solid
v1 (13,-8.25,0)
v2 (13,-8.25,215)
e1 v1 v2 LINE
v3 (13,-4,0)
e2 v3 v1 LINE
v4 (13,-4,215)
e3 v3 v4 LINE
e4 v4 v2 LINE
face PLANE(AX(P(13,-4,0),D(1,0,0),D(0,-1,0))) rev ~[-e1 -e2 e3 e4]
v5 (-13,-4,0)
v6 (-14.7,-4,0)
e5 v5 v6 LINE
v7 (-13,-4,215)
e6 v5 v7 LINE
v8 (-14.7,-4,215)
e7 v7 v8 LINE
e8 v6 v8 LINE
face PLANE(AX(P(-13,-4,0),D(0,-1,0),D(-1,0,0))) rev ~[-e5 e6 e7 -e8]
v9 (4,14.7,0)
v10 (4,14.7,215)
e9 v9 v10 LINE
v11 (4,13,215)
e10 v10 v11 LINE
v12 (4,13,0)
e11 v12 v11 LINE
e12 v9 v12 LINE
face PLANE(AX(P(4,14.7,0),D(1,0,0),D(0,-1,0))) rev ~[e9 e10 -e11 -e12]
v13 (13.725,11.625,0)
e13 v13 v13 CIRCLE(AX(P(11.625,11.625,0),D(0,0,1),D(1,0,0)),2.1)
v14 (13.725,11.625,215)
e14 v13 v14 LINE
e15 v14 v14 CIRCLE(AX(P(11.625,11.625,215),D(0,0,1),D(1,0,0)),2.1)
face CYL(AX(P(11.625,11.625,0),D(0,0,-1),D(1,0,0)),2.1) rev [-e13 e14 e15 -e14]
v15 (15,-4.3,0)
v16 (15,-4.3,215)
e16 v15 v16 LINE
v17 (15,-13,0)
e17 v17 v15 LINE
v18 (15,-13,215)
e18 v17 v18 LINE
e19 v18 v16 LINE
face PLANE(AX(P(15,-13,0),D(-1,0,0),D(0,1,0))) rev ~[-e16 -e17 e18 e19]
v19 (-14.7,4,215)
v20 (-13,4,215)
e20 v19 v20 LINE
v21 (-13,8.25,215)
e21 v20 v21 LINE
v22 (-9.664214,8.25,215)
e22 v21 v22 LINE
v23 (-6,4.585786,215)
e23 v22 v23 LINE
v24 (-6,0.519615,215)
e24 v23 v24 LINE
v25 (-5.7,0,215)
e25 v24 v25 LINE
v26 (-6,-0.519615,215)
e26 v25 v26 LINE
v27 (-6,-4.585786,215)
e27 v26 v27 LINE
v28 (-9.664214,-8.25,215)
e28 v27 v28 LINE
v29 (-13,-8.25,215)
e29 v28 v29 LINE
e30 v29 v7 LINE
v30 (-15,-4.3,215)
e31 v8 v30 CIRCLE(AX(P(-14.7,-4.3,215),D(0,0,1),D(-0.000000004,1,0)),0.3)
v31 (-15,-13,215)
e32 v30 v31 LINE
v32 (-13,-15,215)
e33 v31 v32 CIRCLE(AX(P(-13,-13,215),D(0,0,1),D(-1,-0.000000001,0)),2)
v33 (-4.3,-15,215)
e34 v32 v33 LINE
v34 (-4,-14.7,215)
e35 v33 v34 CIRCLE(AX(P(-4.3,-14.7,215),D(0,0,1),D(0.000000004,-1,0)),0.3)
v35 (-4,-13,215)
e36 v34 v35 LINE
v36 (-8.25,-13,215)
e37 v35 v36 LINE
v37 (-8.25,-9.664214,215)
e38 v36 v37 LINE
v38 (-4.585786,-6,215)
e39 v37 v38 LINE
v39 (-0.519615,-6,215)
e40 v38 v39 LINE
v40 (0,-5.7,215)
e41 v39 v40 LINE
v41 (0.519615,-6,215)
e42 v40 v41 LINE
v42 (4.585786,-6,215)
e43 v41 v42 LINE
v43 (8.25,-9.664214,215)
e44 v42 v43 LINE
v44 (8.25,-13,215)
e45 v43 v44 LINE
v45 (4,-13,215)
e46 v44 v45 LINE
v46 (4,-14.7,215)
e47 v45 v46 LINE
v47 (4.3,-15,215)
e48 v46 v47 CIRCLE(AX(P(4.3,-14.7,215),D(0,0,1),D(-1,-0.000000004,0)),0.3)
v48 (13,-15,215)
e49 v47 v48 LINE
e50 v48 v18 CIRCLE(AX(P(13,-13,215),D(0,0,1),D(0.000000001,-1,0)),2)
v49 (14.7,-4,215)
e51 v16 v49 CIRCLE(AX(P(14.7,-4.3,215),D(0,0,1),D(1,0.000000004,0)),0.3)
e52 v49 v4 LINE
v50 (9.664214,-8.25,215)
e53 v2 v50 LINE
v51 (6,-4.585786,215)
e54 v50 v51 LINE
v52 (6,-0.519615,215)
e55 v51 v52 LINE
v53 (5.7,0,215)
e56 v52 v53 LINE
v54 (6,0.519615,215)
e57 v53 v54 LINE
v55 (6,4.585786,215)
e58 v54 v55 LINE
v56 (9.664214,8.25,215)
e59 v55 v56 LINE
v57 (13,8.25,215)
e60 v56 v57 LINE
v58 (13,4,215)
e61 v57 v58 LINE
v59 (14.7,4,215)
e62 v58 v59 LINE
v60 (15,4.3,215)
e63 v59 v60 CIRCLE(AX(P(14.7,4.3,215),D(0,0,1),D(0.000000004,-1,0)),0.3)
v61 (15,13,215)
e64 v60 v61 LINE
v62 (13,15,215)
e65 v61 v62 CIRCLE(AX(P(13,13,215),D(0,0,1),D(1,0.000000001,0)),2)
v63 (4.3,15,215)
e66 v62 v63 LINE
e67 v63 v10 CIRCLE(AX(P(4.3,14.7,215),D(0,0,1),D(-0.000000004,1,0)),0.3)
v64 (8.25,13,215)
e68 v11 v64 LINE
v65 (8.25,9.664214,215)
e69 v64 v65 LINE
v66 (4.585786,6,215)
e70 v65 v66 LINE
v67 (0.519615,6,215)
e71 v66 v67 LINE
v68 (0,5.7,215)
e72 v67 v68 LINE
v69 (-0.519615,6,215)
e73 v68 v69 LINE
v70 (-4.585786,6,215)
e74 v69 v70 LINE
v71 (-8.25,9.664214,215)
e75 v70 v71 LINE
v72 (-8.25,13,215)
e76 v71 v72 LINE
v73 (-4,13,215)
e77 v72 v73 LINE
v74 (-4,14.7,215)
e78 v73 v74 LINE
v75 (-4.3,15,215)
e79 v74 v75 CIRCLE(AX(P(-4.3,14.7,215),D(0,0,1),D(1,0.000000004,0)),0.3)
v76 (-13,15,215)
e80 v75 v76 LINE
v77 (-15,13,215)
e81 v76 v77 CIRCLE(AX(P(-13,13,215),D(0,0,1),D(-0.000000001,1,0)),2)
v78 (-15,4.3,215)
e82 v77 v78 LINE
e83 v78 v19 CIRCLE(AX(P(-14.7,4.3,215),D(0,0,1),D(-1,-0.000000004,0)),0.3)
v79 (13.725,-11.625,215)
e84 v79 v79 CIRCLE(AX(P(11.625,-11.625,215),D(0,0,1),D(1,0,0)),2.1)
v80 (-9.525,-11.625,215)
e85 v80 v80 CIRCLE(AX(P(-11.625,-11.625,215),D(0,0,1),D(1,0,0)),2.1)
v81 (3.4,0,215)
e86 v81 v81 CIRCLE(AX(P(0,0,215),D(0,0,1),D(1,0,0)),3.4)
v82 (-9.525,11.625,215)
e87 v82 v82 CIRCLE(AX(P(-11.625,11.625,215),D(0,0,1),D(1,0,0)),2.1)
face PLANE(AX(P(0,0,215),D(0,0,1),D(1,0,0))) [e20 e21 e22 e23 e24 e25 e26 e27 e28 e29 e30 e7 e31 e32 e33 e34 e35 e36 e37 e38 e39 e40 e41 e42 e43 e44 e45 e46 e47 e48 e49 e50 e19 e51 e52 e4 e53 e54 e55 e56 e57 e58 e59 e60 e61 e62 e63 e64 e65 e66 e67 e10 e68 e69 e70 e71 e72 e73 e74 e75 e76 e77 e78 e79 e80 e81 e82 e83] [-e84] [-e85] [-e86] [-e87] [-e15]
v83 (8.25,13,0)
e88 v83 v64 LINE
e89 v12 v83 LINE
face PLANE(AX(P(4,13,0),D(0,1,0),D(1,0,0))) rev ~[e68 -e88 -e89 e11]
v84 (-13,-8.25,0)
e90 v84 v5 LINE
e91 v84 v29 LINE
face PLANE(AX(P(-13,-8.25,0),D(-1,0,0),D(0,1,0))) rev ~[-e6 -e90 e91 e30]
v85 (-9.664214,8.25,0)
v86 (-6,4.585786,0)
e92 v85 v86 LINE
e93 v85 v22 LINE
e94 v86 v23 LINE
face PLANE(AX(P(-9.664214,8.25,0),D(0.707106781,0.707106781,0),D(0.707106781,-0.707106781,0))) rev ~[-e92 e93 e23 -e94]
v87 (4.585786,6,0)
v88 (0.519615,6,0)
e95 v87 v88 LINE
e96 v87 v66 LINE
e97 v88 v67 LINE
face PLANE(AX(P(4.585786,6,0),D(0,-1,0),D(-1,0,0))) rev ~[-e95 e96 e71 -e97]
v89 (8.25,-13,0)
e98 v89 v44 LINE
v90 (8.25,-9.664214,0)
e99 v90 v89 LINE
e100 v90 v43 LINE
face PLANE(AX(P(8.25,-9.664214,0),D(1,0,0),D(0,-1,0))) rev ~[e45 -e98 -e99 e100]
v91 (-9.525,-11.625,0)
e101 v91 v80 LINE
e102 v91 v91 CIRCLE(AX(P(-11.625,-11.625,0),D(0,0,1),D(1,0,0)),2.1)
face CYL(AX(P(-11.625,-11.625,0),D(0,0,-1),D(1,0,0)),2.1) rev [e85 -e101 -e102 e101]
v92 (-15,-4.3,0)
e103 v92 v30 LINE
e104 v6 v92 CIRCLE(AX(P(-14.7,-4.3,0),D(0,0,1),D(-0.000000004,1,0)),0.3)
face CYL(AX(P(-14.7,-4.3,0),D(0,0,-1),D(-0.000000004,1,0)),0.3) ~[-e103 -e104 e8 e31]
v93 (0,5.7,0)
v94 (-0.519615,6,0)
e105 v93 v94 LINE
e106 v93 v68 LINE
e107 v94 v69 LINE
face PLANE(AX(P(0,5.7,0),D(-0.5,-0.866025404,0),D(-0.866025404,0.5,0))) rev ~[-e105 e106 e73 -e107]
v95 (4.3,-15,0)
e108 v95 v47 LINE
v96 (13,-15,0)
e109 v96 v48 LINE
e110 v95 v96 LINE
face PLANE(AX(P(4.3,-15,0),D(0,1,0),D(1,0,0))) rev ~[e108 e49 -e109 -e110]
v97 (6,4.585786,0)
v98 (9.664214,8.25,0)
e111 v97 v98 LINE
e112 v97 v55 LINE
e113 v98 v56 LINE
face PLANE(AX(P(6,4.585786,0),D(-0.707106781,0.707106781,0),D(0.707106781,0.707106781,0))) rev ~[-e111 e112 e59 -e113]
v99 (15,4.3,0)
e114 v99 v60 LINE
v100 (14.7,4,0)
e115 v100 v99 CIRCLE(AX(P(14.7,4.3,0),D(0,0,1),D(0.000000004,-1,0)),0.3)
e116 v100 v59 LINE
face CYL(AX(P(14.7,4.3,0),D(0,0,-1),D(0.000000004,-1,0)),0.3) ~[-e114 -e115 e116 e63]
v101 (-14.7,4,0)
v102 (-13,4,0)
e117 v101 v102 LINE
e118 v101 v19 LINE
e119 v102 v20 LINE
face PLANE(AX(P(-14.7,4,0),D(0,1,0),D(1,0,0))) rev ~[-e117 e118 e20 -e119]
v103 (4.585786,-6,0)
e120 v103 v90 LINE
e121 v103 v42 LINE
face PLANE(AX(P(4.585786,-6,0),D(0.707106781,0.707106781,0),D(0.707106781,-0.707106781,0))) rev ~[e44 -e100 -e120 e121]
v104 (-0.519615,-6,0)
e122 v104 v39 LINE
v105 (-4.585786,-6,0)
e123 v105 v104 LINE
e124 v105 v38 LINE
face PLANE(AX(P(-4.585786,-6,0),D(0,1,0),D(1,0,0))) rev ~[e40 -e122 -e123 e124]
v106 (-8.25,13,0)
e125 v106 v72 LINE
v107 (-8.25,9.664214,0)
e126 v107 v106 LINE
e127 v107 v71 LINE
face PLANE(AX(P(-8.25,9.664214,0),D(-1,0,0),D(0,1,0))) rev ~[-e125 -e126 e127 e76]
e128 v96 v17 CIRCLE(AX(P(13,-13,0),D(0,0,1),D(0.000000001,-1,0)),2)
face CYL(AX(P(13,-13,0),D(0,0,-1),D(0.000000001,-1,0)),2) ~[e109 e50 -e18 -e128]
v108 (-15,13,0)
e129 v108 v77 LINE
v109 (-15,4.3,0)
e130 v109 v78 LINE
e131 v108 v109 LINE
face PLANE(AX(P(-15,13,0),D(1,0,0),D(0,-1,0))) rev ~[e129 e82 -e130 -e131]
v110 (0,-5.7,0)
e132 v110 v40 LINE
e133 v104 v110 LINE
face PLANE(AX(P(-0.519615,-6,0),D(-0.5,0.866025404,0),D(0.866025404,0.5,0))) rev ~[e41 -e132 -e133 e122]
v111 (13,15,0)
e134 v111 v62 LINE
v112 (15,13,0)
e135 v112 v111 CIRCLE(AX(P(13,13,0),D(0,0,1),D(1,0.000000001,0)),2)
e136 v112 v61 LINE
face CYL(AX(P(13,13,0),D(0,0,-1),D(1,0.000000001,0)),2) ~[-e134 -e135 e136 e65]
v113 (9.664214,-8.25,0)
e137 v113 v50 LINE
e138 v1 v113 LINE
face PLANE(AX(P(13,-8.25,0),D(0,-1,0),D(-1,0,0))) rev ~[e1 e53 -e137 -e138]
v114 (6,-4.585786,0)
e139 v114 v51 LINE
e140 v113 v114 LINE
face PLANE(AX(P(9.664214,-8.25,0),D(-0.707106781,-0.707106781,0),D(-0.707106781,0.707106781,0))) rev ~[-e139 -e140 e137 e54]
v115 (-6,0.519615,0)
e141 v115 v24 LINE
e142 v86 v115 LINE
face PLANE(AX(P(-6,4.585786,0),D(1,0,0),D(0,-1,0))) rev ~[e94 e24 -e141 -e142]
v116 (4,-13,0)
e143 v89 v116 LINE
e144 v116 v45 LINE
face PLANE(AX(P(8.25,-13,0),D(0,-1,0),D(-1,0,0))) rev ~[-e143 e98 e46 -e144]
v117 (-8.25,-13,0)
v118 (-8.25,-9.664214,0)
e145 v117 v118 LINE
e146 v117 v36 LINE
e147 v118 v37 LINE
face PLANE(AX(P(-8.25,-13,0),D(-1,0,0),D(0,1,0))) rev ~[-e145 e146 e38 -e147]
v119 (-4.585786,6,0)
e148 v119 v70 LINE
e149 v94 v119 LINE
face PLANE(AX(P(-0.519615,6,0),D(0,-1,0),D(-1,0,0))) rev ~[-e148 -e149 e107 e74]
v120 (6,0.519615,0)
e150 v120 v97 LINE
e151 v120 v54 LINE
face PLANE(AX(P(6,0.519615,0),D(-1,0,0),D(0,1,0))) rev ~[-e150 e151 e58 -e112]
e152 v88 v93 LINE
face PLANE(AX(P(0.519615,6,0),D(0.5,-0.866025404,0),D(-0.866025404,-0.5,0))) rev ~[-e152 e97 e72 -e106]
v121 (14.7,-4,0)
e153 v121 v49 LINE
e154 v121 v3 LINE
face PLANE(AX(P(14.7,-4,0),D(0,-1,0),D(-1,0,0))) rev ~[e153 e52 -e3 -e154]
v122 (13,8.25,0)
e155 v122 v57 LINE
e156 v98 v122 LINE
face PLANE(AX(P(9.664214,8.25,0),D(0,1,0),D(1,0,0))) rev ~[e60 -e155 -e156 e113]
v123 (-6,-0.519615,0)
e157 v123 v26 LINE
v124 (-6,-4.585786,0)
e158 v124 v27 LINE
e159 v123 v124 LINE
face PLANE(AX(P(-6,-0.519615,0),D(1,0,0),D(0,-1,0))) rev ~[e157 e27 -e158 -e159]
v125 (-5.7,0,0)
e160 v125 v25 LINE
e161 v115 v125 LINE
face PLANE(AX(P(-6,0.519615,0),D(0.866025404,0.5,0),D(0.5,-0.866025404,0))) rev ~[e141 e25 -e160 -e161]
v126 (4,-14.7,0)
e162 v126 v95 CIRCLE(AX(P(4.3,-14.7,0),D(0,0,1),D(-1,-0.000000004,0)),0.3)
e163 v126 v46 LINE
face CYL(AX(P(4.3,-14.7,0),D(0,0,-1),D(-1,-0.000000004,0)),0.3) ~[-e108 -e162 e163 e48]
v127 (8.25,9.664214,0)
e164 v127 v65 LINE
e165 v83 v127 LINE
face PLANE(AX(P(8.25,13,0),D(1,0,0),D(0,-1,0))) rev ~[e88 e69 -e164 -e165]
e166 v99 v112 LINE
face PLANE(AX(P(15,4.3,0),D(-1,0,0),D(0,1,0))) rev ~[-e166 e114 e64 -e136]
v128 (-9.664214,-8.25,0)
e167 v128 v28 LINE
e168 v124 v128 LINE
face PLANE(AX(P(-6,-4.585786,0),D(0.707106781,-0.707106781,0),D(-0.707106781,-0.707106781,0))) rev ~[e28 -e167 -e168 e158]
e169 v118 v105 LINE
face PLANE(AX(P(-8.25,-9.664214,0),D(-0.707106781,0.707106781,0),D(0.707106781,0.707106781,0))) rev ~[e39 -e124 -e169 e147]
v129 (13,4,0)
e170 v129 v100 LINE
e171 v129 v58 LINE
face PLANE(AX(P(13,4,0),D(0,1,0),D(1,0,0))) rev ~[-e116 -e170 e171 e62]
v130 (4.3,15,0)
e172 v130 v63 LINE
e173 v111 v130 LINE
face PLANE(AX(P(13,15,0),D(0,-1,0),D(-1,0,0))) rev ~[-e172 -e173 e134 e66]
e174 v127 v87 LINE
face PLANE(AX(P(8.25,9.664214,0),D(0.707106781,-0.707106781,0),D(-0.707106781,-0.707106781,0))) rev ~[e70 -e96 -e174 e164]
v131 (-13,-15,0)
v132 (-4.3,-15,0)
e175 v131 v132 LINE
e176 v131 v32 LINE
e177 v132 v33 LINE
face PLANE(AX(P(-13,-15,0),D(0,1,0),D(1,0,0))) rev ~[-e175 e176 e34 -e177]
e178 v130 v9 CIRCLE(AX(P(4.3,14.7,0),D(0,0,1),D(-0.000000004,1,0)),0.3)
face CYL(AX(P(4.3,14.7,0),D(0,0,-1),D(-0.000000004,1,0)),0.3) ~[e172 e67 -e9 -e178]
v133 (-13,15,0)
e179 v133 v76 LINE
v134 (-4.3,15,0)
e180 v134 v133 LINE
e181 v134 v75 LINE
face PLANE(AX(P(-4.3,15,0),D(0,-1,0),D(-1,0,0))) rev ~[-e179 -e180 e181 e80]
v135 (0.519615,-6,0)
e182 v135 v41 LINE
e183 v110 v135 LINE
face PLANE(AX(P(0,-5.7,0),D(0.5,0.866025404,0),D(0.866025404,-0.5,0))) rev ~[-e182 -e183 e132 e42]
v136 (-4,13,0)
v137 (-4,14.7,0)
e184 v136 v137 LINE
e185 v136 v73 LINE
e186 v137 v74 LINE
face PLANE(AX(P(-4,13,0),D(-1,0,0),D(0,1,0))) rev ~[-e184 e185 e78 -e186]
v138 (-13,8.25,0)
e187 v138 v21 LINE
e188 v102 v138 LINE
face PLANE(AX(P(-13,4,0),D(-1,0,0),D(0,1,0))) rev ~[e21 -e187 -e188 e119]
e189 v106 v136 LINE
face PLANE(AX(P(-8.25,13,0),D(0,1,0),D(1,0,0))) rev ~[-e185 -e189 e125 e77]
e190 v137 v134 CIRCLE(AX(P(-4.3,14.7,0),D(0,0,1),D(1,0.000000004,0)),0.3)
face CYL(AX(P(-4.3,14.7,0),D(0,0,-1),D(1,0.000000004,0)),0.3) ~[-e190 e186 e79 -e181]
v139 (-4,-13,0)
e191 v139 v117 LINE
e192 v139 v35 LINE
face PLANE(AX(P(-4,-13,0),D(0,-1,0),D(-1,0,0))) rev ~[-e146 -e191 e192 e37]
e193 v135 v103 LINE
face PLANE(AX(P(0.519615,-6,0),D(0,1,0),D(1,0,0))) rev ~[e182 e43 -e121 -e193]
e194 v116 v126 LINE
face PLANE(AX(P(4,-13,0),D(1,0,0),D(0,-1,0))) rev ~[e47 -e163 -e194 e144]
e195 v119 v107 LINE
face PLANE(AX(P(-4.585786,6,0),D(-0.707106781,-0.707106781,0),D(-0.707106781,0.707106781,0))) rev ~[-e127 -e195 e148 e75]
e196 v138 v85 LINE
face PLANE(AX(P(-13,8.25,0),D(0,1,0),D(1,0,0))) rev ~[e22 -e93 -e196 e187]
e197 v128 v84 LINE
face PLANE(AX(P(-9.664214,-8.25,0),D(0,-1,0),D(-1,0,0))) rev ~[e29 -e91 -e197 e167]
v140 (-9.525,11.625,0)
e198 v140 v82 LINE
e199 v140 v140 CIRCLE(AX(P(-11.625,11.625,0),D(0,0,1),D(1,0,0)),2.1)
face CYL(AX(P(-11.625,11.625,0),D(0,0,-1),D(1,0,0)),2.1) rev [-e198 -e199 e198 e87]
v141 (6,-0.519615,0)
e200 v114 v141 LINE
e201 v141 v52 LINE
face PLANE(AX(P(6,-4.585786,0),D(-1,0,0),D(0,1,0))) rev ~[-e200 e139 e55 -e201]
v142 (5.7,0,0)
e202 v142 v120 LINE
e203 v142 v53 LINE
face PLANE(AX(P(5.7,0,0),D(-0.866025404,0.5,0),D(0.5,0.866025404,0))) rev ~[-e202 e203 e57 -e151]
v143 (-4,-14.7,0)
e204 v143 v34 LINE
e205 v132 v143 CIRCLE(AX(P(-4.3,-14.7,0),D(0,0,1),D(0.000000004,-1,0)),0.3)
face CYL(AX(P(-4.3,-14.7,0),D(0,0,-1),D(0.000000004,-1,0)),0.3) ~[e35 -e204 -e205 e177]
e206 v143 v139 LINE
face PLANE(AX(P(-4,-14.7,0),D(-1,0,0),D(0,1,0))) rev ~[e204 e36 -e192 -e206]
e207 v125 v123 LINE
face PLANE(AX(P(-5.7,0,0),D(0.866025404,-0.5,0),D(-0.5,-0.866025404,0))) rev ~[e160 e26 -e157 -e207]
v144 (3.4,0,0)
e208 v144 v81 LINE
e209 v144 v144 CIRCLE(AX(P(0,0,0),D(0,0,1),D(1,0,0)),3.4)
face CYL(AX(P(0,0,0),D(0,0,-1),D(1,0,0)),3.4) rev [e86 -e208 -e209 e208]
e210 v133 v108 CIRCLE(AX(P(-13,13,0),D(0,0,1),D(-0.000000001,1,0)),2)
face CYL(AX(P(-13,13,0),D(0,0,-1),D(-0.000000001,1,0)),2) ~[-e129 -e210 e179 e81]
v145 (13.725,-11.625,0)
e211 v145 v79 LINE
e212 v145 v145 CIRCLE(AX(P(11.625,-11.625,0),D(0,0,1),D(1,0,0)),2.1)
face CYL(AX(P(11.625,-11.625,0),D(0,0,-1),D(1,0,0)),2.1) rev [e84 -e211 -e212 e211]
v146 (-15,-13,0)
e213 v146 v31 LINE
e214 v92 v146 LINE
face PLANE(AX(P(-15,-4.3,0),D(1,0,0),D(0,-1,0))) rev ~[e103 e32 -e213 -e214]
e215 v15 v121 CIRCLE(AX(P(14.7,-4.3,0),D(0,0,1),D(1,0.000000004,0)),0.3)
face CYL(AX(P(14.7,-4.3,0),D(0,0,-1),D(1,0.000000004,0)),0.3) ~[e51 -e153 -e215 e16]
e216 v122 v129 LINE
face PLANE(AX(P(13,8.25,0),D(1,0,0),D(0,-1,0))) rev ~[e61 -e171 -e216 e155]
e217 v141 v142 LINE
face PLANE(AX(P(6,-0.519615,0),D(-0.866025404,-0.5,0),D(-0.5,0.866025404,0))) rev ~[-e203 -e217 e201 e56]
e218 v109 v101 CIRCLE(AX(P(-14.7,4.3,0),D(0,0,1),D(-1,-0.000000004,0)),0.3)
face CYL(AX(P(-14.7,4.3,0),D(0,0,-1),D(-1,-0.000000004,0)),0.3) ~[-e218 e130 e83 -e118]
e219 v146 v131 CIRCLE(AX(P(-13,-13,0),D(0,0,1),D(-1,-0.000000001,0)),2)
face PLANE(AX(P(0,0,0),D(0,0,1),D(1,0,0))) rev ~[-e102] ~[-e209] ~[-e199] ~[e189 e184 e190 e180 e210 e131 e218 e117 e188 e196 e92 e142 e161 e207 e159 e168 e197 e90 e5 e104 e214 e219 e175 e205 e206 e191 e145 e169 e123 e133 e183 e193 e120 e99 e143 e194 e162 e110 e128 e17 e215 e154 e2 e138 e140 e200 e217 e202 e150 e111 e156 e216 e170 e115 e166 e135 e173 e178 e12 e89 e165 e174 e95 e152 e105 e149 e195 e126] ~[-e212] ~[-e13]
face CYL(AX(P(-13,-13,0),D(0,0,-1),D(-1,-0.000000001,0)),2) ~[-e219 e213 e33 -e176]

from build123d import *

# Parameters (mm, degrees)
SKETCH1_R           = 2.1
SKETCH1_R_2         = 3.4
BOSS_EXTRUDE1_DEPTH = 215


with BuildPart() as part:
    # Sketch1 → Boss-Extrude1 (new body)
    with BuildSketch(Plane.XY):
        with BuildLine():
            Line((-14.7, 4), (-13, 4))
            Line((-13, 4), (-13, 8.25))
            Line((-13, 8.25), (-9.664213562, 8.25))
            Line((-9.664213562, 8.25), (-6, 4.585786438))
            Line((-6, 4.585786438), (-6, 0.519615242))
            Line((-6, 0.519615242), (-5.7, 0))
            Line((-5.7, 0), (-6, -0.519615242))
            Line((-6, -0.519615242), (-6, -4.585786438))
            Line((-6, -4.585786438), (-9.664213562, -8.25))
            Line((-9.664213562, -8.25), (-13, -8.25))
            Line((-13, -8.25), (-13, -4))
            Line((-13, -4), (-14.7, -4))
            ThreePointArc((-14.7, -4), (-14.912132034, -4.087867966), (-15, -4.3))
            Line((-15, -4.3), (-15, -13))
            ThreePointArc((-15, -13), (-14.414213562, -14.414213562), (-13, -15))
            Line((-13, -15), (-4.3, -15))
            ThreePointArc((-4.3, -15), (-4.087867966, -14.912132034), (-4, -14.7))
            Line((-4, -14.7), (-4, -13))
            Line((-4, -13), (-8.25, -13))
            Line((-8.25, -13), (-8.25, -9.664213562))
            Line((-8.25, -9.664213562), (-4.585786438, -6))
            Line((-4.585786438, -6), (-0.519615242, -6))
            Line((-0.519615242, -6), (0, -5.7))
            Line((0, -5.7), (0.519615242, -6))
            Line((0.519615242, -6), (4.585786438, -6))
            Line((4.585786438, -6), (8.25, -9.664213562))
            Line((8.25, -9.664213562), (8.25, -13))
            Line((8.25, -13), (4, -13))
            Line((4, -13), (4, -14.7))
            ThreePointArc((4, -14.7), (4.087867966, -14.912132034), (4.3, -15))
            Line((4.3, -15), (13, -15))
            ThreePointArc((13, -15), (14.414213562, -14.414213562), (15, -13))
            Line((15, -13), (15, -4.3))
            ThreePointArc((15, -4.3), (14.912132034, -4.087867966), (14.7, -4))
            Line((14.7, -4), (13, -4))
            Line((13, -4), (13, -8.25))
            Line((13, -8.25), (9.664213562, -8.25))
            Line((9.664213562, -8.25), (6, -4.585786438))
            Line((6, -4.585786438), (6, -0.519615242))
            Line((6, -0.519615242), (5.7, 0))
            Line((5.7, 0), (6, 0.519615242))
            Line((6, 0.519615242), (6, 4.585786438))
            Line((6, 4.585786438), (9.664213562, 8.25))
            Line((9.664213562, 8.25), (13, 8.25))
            Line((13, 8.25), (13, 4))
            Line((13, 4), (14.7, 4))
            ThreePointArc((14.7, 4), (14.912132034, 4.087867966), (15, 4.3))
            Line((15, 4.3), (15, 13))
            ThreePointArc((15, 13), (14.414213562, 14.414213562), (13, 15))
            Line((13, 15), (4.3, 15))
            ThreePointArc((4.3, 15), (4.087867966, 14.912132034), (4, 14.7))
            Line((4, 14.7), (4, 13))
            Line((4, 13), (8.25, 13))
            Line((8.25, 13), (8.25, 9.664213562))
            Line((8.25, 9.664213562), (4.585786438, 6))
            Line((4.585786438, 6), (0.519615242, 6))
            Line((0.519615242, 6), (0, 5.7))
            Line((0, 5.7), (-0.519615242, 6))
            Line((-0.519615242, 6), (-4.585786438, 6))
            Line((-4.585786438, 6), (-8.25, 9.664213562))
            Line((-8.25, 9.664213562), (-8.25, 13))
            Line((-8.25, 13), (-4, 13))
            Line((-4, 13), (-4, 14.7))
            ThreePointArc((-4, 14.7), (-4.087867966, 14.912132034), (-4.3, 15))
            Line((-4.3, 15), (-13, 15))
            ThreePointArc((-13, 15), (-14.414213562, 14.414213562), (-15, 13))
            Line((-15, 13), (-15, 4.3))
            ThreePointArc((-15, 4.3), (-14.912132034, 4.087867966), (-14.7, 4))
        make_face()
        with Locations((11.625, 11.625)):
            Circle(SKETCH1_R, mode=Mode.SUBTRACT)
        with Locations((11.625, -11.625)):
            Circle(SKETCH1_R, mode=Mode.SUBTRACT)
        Circle(SKETCH1_R_2, mode=Mode.SUBTRACT)
        with Locations((-11.625, -11.625)):
            Circle(SKETCH1_R, mode=Mode.SUBTRACT)
        with Locations((-11.625, 11.625)):
            Circle(SKETCH1_R, mode=Mode.SUBTRACT)
    extrude(amount=BOSS_EXTRUDE1_DEPTH)


solid = part.part
